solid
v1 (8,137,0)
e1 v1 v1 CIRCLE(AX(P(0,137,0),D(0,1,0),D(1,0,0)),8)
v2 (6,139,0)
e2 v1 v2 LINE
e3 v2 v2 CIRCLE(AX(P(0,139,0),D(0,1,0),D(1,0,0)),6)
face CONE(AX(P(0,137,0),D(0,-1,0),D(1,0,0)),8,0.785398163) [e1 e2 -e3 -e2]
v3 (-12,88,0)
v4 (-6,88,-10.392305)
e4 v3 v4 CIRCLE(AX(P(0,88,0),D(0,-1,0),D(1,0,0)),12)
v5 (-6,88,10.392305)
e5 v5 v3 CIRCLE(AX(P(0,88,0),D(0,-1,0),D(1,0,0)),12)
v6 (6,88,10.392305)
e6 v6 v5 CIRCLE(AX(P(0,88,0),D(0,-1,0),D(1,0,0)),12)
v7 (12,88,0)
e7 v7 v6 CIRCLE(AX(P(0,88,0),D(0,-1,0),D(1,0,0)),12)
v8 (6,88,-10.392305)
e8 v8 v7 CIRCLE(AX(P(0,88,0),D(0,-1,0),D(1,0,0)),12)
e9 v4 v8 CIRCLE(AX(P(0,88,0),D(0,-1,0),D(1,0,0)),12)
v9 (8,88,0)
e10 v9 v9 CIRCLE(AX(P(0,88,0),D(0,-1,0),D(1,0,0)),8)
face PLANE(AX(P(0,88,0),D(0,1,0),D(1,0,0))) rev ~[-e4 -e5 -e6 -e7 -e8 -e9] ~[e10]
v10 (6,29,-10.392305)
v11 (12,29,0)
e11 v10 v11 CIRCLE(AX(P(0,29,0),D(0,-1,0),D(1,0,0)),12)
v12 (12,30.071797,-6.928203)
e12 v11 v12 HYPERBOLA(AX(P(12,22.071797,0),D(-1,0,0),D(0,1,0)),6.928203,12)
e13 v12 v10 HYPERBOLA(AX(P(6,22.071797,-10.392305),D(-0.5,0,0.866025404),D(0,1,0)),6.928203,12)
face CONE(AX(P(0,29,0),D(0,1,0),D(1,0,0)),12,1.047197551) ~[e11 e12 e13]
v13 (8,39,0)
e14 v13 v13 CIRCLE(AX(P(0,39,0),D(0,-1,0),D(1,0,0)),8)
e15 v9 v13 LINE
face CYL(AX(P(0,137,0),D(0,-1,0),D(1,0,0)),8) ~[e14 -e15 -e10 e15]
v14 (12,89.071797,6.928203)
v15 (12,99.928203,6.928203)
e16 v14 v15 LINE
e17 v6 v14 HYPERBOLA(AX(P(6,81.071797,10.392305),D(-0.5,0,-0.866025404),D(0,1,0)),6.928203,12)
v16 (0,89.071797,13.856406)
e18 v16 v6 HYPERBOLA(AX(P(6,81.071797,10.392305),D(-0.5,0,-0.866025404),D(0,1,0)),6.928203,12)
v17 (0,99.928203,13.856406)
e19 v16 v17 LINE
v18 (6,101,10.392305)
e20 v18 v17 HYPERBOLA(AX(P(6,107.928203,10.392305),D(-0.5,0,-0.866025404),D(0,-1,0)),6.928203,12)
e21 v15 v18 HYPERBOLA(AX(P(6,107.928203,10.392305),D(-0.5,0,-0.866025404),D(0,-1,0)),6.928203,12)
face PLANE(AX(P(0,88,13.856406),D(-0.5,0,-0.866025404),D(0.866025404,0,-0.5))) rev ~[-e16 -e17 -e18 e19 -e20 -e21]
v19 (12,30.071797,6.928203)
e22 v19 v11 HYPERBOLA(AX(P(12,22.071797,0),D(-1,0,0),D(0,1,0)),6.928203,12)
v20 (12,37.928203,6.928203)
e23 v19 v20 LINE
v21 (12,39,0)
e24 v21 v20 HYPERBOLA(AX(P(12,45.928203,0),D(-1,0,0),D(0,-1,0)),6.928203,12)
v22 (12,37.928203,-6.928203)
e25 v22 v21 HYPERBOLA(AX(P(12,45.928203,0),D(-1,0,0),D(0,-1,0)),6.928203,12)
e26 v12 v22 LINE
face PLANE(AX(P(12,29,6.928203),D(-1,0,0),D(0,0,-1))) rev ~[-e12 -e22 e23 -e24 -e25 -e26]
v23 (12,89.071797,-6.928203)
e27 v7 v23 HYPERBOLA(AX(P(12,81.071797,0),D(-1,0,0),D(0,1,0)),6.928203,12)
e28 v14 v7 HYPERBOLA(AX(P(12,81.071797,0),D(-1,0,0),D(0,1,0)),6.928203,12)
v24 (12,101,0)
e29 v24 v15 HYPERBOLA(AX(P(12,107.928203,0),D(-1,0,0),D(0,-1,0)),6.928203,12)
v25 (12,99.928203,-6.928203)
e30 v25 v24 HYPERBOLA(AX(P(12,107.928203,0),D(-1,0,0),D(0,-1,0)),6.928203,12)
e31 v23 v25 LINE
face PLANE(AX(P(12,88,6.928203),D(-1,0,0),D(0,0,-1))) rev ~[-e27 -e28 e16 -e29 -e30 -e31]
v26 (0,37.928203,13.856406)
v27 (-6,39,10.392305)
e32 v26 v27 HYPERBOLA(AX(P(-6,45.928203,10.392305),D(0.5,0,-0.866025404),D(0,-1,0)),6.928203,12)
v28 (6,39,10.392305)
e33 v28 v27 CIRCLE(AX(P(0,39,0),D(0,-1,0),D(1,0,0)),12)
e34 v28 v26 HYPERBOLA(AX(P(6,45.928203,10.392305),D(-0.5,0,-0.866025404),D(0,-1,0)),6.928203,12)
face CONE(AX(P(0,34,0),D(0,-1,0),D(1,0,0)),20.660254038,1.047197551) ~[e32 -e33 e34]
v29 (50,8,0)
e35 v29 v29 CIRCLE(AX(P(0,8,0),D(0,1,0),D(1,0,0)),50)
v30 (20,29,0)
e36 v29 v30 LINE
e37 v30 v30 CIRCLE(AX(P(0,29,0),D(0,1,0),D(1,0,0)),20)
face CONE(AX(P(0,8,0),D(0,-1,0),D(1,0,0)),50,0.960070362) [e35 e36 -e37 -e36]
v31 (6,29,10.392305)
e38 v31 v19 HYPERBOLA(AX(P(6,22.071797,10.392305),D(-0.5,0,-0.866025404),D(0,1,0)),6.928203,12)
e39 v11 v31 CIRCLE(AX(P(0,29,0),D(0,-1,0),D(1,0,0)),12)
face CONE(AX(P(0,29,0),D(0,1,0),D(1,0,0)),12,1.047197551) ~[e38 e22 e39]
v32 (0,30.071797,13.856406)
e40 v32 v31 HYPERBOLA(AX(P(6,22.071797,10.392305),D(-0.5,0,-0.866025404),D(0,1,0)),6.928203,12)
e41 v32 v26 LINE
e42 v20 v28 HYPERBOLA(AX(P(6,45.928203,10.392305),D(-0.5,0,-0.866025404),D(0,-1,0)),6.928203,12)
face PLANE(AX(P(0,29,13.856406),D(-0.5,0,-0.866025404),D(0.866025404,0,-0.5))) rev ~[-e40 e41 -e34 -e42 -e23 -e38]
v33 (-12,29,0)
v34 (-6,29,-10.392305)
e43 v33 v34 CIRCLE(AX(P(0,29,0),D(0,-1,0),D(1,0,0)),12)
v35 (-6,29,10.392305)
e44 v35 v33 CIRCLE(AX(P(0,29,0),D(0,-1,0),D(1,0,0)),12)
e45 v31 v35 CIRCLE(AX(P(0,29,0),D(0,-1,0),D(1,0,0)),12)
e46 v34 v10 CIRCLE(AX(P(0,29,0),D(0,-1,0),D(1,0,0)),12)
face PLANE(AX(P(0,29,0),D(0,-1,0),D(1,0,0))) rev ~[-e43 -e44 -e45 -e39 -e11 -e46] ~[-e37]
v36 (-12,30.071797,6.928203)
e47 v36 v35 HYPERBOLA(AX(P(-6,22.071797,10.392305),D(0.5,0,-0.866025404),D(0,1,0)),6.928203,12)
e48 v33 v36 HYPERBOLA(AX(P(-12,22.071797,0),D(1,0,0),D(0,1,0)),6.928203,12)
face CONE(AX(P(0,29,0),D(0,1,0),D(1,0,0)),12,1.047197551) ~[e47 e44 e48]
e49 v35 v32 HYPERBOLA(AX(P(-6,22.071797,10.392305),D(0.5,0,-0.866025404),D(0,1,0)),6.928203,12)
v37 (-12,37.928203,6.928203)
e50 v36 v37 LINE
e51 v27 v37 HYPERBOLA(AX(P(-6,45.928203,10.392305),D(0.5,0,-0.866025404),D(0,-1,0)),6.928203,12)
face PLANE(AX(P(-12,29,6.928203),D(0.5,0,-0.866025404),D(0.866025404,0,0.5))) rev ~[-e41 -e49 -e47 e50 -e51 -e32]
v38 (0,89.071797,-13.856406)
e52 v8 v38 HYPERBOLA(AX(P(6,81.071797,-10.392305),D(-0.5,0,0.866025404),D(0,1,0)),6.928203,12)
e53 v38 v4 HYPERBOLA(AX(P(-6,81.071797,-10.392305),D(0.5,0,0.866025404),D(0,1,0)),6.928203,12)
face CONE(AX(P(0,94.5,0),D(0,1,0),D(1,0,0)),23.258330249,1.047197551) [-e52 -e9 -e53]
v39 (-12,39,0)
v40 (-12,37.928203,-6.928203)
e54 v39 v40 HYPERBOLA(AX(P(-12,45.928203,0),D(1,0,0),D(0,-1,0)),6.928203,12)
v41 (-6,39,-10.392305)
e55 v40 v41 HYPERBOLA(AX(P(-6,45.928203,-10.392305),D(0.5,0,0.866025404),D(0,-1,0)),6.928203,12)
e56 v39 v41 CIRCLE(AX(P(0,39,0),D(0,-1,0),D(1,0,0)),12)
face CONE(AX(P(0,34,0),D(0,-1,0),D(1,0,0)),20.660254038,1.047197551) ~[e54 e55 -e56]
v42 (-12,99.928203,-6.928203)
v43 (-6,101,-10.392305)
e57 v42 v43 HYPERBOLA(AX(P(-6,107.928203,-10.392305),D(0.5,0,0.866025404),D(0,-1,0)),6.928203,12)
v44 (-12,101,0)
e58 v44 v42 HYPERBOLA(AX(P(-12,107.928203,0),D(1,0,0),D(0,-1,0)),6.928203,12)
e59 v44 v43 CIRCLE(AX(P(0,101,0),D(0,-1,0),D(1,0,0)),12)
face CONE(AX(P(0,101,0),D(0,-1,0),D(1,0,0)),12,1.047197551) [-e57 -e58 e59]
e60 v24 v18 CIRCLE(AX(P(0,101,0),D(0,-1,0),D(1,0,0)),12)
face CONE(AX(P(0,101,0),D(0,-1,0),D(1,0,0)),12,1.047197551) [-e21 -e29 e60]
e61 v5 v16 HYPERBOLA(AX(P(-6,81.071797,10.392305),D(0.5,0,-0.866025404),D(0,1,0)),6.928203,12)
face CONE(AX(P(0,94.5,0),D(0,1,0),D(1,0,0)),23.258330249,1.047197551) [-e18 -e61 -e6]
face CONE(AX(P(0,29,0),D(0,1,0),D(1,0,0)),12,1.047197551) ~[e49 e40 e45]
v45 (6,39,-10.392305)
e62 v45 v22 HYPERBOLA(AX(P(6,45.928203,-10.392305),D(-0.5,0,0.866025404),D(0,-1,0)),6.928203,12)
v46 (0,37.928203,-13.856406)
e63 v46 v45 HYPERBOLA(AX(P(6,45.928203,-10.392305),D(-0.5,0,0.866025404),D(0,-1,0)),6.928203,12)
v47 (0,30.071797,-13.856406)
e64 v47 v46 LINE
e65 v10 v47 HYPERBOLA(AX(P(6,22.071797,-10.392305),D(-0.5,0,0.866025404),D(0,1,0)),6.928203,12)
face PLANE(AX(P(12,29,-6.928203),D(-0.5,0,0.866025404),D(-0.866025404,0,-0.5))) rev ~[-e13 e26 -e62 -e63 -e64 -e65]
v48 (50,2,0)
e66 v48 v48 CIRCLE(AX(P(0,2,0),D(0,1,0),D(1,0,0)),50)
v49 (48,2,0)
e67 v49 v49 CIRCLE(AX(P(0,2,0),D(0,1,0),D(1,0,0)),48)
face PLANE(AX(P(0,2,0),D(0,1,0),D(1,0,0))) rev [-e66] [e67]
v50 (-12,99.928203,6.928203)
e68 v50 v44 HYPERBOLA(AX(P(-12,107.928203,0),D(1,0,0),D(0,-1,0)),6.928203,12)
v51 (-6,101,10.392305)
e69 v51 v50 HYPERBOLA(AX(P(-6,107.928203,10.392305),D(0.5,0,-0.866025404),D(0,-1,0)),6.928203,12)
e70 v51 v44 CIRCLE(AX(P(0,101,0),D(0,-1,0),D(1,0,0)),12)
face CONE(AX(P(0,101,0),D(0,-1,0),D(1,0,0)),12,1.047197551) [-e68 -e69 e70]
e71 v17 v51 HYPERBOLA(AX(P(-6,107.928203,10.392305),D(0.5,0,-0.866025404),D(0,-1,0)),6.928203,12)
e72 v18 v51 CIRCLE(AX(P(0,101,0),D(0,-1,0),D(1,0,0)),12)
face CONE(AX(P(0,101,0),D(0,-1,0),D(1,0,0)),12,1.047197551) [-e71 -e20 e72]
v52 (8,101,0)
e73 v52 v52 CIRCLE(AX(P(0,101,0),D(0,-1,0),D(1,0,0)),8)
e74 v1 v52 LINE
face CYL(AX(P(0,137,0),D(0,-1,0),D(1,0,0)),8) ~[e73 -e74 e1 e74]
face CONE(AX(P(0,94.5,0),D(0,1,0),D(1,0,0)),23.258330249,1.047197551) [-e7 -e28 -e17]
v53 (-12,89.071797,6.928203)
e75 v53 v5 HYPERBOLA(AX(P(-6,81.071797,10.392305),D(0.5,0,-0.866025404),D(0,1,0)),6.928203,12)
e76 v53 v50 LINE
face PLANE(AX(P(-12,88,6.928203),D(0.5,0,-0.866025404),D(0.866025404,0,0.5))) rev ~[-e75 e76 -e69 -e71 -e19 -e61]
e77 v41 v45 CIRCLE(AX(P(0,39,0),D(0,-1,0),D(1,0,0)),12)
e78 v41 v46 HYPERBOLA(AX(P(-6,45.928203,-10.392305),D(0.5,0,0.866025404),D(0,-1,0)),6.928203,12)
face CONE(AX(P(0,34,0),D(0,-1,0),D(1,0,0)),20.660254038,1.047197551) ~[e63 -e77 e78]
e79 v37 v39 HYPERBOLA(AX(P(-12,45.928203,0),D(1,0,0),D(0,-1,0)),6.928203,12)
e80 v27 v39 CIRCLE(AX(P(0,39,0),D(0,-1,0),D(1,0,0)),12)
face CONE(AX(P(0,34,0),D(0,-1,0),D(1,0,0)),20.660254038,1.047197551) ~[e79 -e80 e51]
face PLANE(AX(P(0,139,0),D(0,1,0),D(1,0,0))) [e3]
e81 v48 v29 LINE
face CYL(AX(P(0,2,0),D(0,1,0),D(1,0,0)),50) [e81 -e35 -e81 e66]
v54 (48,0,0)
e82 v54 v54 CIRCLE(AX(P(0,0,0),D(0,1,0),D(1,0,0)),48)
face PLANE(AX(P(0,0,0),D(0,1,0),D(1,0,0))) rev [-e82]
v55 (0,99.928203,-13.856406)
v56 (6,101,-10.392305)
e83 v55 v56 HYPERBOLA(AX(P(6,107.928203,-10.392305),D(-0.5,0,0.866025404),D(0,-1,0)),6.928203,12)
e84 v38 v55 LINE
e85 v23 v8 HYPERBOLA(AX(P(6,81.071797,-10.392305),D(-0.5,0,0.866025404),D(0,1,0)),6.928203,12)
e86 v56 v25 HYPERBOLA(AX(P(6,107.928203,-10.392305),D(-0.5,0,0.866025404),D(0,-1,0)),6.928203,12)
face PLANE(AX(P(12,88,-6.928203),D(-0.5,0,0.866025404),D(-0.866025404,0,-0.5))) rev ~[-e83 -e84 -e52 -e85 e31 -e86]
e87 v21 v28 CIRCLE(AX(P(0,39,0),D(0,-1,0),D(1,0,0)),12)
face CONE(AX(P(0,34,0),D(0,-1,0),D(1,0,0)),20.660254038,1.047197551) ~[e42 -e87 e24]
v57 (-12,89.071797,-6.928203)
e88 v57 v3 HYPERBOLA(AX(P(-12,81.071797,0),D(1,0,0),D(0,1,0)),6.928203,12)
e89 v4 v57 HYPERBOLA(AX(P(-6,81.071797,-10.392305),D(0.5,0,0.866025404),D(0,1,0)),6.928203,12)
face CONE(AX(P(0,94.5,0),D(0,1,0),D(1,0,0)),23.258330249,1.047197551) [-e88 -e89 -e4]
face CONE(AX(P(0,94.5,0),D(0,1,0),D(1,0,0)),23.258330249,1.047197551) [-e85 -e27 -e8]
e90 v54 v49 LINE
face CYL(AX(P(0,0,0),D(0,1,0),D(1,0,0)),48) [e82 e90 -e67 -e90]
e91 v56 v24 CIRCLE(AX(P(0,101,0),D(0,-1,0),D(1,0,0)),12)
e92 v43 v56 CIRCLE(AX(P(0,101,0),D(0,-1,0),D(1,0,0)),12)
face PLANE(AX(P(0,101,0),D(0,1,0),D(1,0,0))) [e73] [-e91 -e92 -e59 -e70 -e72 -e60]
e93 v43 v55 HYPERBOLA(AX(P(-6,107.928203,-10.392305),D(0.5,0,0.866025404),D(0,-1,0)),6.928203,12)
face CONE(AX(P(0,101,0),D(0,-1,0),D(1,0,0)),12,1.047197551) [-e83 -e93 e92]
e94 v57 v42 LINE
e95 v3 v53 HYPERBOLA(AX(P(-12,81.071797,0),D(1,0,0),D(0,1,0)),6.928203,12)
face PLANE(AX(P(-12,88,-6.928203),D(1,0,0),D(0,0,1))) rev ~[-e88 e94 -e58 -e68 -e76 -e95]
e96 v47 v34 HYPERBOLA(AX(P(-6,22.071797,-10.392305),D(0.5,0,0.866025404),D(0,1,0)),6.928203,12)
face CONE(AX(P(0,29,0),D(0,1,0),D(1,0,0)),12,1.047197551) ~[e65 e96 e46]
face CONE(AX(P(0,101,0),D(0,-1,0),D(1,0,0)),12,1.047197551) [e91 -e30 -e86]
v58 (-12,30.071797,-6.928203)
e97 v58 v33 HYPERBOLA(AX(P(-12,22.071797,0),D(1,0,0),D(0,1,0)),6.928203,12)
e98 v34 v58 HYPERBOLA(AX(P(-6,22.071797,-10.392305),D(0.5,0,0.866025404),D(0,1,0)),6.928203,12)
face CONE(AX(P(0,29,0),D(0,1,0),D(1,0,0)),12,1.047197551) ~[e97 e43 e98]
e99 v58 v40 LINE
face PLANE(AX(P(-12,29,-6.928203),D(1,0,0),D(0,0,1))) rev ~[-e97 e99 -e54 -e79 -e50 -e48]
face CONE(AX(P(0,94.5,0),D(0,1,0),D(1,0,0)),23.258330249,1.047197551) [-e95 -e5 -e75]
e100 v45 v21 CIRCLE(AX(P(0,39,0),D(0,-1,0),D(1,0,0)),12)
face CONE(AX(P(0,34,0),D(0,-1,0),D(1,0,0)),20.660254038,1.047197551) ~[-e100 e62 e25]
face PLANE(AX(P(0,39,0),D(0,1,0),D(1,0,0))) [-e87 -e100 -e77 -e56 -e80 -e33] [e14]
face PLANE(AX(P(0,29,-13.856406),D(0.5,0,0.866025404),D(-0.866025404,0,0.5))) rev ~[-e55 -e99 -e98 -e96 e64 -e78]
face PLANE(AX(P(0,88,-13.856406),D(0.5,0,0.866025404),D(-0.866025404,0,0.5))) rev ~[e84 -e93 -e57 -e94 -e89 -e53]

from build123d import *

# Parameters (mm, degrees)
EXTRUDE_1_DEPTH = 10
EXTRUDE_2_DEPTH = 13


with BuildPart() as part:
    # Эскиз1 → Повернуть1 (revolve)
    with BuildSketch(Plane.XY, mode=Mode.PRIVATE) as revolve_1_sk:
        Polygon((0, 0), (-48, 0), (-48, 2), (-50, 2), (-50, 8), (-20, 29), (-8, 29), (-8, 39), (-8, 137), (-6, 139), (0, 139), align=None)
    revolve(revolve_1_sk.sketch.rotate(Axis((0, 0, 0), (0, 1, 0)), 180), axis=Axis((0, 0, 0), (0, 1, 0)))  # turned: the seam where the file's is

    # Эскиз2 → Бобышка-Вытянуть1 (add)
    with BuildSketch(Plane(origin=(0, 29, 0), x_dir=(1, 0, 0), z_dir=(0, 1, 0))):
        Polygon((0, 13.856406461), (-12, 6.92820323), (-12, -6.92820323), (0, -13.856406461), (12, -6.92820323), (12, 6.92820323), align=None)
    extrude(amount=EXTRUDE_1_DEPTH)

    # Эскиз3 → Бобышка-Вытянуть2 (add)
    with BuildSketch(Plane(origin=(0, 88, 0), x_dir=(1, 0, 0), z_dir=(0, 1, 0))):
        Polygon((12, 6.92820323), (0, 13.856406461), (-12, 6.92820323), (-12, -6.92820323), (0, -13.856406461), (12, -6.92820323), align=None)
    extrude(amount=EXTRUDE_2_DEPTH)

    # Эскиз4 → Вырез-Повернуть2 (revolve, cut)
    with BuildSketch(Plane.XY, mode=Mode.PRIVATE) as cut_revolve_2_sk:
        Polygon((-23.258330249, 101), (-12, 101), (-23.258330249, 94.5), align=None)
        Polygon((-23.258330249, 88), (-23.258330249, 94.5), (-12, 88), align=None)
        Polygon((-20.660254038, 39), (-20.660254038, 34), (-12, 39), align=None)
        Polygon((-20.660254038, 34), (-20.660254038, 29), (-12, 29), align=None)
    revolve(cut_revolve_2_sk.sketch.rotate(Axis((0, 139, 0), (0, -1, 0)), 180), axis=Axis((0, 139, 0), (0, -1, 0)), mode=Mode.SUBTRACT)  # turned: the seam where the file's is


solid = part.part
